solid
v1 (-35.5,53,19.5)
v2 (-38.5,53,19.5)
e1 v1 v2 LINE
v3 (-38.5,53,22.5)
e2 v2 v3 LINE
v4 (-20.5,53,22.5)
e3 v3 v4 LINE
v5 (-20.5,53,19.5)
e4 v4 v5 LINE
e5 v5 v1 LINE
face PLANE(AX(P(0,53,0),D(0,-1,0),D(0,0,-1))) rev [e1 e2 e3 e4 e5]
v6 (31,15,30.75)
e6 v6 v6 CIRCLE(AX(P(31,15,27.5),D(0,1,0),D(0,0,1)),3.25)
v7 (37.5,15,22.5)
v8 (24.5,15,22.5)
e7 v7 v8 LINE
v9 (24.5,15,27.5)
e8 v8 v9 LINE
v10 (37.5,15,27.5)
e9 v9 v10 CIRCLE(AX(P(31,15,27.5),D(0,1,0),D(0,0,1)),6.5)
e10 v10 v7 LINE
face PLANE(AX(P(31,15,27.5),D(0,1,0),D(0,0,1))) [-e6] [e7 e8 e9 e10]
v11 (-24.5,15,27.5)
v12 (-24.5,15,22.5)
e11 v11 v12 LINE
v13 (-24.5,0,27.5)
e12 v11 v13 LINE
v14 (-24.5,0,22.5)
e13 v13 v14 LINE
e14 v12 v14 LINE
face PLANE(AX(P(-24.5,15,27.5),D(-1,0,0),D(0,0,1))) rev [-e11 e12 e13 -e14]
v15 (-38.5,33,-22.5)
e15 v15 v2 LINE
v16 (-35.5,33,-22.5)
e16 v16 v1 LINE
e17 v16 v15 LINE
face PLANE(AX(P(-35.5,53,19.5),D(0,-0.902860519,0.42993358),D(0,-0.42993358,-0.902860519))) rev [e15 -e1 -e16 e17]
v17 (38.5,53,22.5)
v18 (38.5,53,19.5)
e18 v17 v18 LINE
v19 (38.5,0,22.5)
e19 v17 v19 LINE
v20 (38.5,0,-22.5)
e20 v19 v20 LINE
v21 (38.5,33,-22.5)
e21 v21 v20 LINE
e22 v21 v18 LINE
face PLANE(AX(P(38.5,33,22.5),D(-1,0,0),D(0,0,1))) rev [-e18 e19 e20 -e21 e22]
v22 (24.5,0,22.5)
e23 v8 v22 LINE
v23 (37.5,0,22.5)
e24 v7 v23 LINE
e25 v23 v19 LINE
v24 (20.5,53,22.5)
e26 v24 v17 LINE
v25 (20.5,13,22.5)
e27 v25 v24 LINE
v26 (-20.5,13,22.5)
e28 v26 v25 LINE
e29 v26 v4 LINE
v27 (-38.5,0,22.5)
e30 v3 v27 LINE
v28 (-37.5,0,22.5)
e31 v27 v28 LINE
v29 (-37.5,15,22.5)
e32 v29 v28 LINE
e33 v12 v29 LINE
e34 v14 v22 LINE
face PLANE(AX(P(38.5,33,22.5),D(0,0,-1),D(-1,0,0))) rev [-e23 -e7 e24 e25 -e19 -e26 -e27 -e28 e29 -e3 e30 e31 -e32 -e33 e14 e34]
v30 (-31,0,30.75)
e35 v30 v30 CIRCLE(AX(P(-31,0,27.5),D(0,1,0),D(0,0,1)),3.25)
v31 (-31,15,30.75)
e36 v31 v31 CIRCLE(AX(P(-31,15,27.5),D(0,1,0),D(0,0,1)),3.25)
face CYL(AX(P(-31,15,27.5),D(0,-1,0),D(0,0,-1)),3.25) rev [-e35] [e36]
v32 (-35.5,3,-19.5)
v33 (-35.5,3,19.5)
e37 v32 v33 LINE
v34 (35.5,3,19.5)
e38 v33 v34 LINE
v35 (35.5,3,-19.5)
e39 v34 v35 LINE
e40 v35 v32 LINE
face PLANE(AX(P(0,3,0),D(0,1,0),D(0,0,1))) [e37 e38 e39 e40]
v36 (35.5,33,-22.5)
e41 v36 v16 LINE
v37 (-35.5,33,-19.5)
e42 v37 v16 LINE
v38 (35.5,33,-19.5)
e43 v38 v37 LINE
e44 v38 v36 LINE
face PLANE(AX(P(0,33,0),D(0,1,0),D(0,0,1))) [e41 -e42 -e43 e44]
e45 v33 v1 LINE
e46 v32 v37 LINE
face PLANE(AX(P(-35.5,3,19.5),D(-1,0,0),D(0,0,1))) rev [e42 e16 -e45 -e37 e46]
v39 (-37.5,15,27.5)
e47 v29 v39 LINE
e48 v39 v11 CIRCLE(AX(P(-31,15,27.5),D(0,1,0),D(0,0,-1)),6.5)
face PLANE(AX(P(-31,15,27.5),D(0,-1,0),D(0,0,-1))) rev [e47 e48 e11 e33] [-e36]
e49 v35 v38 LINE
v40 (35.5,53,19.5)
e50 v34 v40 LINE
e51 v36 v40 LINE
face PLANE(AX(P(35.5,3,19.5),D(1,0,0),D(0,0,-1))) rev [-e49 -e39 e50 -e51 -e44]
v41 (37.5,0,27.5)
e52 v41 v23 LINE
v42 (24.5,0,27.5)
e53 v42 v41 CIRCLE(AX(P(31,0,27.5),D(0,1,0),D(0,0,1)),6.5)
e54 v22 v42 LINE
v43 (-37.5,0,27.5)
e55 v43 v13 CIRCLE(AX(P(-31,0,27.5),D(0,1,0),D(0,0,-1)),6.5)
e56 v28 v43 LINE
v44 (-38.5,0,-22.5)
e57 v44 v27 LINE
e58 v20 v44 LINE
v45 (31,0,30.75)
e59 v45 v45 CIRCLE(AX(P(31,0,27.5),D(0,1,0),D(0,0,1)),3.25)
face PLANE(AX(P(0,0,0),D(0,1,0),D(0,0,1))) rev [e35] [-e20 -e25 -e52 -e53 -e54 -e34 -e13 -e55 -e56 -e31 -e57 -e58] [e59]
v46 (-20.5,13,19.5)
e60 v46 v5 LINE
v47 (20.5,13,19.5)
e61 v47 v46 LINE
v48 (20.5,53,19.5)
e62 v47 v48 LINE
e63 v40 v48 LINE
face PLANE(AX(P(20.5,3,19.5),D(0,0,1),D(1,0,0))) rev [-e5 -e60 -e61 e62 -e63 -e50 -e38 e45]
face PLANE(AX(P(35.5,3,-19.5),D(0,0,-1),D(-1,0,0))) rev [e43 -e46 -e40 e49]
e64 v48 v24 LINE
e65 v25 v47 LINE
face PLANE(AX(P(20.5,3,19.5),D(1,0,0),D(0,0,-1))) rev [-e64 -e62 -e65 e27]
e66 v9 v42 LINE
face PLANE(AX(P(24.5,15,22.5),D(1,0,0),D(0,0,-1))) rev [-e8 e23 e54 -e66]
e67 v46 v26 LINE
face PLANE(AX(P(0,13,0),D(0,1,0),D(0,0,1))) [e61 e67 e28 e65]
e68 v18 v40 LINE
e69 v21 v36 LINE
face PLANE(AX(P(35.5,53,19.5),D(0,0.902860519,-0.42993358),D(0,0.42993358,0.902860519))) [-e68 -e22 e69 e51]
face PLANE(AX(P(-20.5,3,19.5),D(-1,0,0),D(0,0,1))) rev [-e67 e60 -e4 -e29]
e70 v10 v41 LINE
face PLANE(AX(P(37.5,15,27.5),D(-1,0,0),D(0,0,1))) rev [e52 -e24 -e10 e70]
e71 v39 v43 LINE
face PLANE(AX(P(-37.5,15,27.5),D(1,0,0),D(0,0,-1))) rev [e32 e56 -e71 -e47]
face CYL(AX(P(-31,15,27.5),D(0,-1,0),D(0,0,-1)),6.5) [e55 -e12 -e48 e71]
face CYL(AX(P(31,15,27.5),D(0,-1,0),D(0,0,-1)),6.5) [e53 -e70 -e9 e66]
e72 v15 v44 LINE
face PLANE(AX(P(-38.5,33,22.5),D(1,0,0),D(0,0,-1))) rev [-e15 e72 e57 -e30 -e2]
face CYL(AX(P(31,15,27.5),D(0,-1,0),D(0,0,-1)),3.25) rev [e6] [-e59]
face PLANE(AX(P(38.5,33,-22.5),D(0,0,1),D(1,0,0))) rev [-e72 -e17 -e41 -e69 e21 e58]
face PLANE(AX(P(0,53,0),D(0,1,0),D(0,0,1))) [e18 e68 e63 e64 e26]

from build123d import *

# Parameters (mm, degrees)
SKETCH_1_W          = 77
SKETCH_1_H          = 45
EXTRUDE_1_DEPTH     = 33
CUT_EXTRUDE_1_DEPTH = 30
SKETCH_5_W          = 18
SKETCH_5_H          = 3
EXTRUDE_3_DEPTH     = 20
EXTRUDE_4_DEPTH     = 3
SKETCH_8_W          = 41
SKETCH_8_H          = 3
EXTRUDE_6_DEPTH     = 10
SKETCH_4_R          = 3.25
EXTRUDE_2_DEPTH     = 15


with BuildPart() as part:
    # 草图1 → 凸台-拉伸1 (new body)
    with BuildSketch(Plane(origin=(0, 0, 0), x_dir=(1, 0, 0), z_dir=(0, 1, 0))):
        Rectangle(SKETCH_1_W, SKETCH_1_H)
    extrude(amount=EXTRUDE_1_DEPTH)

    # 草图2 → 切除-拉伸1 (cut)
    with BuildSketch(Plane(origin=(0, 33, 0), x_dir=(1, 0, 0), z_dir=(0, 1, 0))):
        Polygon((35.5, -19.5), (35.5, 19.5), (-35.5, 19.5), (-35.5, -19.5), (-20.5, -19.5), (-20.5, -22.5), (20.5, -22.5), (20.5, -19.5), align=None)
    extrude(amount=-CUT_EXTRUDE_1_DEPTH, mode=Mode.SUBTRACT)

    # 草图5 → 凸台-拉伸3 (add)
    with BuildSketch(Plane(origin=(0, 33, 0), x_dir=(1, 0, 0), z_dir=(0, 1, 0))):
        with Locations((-29.5, -21)):
            Rectangle(SKETCH_5_W, SKETCH_5_H)
        with Locations((29.5, -21)):
            Rectangle(SKETCH_5_W, SKETCH_5_H)
    extrude(amount=EXTRUDE_3_DEPTH)

    # 草图7 → 凸台-拉伸4 (add)
    with BuildSketch(Plane(origin=(38.5, 0, 0), x_dir=(0, 0, -1), z_dir=(1, 0, 0))):
        Polygon((22.5, 33), (-19.5, 33), (-19.5, 53), align=None)
    extrude_4 = extrude(amount=-EXTRUDE_4_DEPTH)

    # 镜向1: 凸台-拉伸4 across plane
    add(extrude_4.mirror(Plane(origin=(0, 0, 0), x_dir=(0, 0, 1), z_dir=(1, 0, 0))))

    # 草图8 → 凸台-拉伸6 (add)
    with BuildSketch(Plane(origin=(0, 3, 0), x_dir=(1, 0, 0), z_dir=(0, 1, 0))):
        with Locations((0, -21)):
            Rectangle(SKETCH_8_W, SKETCH_8_H)
    extrude(amount=EXTRUDE_6_DEPTH)

    # 草图4 → 凸台-拉伸2 (add)
    # profile 1 of 2: a face of its own
    with BuildSketch(Plane(origin=(0, 0, 0), x_dir=(1, 0, 0), z_dir=(0, 1, 0))):
        with BuildLine():
            Line((-37.5, -27.5), (-37.5, -22.5))
            Line((-37.5, -22.5), (-24.5, -22.5))
            Line((-24.5, -22.5), (-24.5, -27.5))
            ThreePointArc((-24.5, -27.5), (-31, -34), (-37.5, -27.5))
        make_face()
        with Locations(Location((-31, -27.5, 0), (0, 0, 270))):
            Circle(SKETCH_4_R, mode=Mode.SUBTRACT)
    # profile 2 of 2: a face of its own
    with BuildSketch(Plane(origin=(0, 0, 0), x_dir=(1, 0, 0), z_dir=(0, 1, 0))):
        with BuildLine():
            Line((37.5, -27.5), (37.5, -22.5))
            Line((37.5, -22.5), (24.5, -22.5))
            Line((24.5, -22.5), (24.5, -27.5))
            ThreePointArc((24.5, -27.5), (31, -34), (37.5, -27.5))
        make_face()
        with Locations(Location((31, -27.5, 0), (0, 0, 270))):
            Circle(SKETCH_4_R, mode=Mode.SUBTRACT)
    extrude(amount=EXTRUDE_2_DEPTH)


solid = part.part
